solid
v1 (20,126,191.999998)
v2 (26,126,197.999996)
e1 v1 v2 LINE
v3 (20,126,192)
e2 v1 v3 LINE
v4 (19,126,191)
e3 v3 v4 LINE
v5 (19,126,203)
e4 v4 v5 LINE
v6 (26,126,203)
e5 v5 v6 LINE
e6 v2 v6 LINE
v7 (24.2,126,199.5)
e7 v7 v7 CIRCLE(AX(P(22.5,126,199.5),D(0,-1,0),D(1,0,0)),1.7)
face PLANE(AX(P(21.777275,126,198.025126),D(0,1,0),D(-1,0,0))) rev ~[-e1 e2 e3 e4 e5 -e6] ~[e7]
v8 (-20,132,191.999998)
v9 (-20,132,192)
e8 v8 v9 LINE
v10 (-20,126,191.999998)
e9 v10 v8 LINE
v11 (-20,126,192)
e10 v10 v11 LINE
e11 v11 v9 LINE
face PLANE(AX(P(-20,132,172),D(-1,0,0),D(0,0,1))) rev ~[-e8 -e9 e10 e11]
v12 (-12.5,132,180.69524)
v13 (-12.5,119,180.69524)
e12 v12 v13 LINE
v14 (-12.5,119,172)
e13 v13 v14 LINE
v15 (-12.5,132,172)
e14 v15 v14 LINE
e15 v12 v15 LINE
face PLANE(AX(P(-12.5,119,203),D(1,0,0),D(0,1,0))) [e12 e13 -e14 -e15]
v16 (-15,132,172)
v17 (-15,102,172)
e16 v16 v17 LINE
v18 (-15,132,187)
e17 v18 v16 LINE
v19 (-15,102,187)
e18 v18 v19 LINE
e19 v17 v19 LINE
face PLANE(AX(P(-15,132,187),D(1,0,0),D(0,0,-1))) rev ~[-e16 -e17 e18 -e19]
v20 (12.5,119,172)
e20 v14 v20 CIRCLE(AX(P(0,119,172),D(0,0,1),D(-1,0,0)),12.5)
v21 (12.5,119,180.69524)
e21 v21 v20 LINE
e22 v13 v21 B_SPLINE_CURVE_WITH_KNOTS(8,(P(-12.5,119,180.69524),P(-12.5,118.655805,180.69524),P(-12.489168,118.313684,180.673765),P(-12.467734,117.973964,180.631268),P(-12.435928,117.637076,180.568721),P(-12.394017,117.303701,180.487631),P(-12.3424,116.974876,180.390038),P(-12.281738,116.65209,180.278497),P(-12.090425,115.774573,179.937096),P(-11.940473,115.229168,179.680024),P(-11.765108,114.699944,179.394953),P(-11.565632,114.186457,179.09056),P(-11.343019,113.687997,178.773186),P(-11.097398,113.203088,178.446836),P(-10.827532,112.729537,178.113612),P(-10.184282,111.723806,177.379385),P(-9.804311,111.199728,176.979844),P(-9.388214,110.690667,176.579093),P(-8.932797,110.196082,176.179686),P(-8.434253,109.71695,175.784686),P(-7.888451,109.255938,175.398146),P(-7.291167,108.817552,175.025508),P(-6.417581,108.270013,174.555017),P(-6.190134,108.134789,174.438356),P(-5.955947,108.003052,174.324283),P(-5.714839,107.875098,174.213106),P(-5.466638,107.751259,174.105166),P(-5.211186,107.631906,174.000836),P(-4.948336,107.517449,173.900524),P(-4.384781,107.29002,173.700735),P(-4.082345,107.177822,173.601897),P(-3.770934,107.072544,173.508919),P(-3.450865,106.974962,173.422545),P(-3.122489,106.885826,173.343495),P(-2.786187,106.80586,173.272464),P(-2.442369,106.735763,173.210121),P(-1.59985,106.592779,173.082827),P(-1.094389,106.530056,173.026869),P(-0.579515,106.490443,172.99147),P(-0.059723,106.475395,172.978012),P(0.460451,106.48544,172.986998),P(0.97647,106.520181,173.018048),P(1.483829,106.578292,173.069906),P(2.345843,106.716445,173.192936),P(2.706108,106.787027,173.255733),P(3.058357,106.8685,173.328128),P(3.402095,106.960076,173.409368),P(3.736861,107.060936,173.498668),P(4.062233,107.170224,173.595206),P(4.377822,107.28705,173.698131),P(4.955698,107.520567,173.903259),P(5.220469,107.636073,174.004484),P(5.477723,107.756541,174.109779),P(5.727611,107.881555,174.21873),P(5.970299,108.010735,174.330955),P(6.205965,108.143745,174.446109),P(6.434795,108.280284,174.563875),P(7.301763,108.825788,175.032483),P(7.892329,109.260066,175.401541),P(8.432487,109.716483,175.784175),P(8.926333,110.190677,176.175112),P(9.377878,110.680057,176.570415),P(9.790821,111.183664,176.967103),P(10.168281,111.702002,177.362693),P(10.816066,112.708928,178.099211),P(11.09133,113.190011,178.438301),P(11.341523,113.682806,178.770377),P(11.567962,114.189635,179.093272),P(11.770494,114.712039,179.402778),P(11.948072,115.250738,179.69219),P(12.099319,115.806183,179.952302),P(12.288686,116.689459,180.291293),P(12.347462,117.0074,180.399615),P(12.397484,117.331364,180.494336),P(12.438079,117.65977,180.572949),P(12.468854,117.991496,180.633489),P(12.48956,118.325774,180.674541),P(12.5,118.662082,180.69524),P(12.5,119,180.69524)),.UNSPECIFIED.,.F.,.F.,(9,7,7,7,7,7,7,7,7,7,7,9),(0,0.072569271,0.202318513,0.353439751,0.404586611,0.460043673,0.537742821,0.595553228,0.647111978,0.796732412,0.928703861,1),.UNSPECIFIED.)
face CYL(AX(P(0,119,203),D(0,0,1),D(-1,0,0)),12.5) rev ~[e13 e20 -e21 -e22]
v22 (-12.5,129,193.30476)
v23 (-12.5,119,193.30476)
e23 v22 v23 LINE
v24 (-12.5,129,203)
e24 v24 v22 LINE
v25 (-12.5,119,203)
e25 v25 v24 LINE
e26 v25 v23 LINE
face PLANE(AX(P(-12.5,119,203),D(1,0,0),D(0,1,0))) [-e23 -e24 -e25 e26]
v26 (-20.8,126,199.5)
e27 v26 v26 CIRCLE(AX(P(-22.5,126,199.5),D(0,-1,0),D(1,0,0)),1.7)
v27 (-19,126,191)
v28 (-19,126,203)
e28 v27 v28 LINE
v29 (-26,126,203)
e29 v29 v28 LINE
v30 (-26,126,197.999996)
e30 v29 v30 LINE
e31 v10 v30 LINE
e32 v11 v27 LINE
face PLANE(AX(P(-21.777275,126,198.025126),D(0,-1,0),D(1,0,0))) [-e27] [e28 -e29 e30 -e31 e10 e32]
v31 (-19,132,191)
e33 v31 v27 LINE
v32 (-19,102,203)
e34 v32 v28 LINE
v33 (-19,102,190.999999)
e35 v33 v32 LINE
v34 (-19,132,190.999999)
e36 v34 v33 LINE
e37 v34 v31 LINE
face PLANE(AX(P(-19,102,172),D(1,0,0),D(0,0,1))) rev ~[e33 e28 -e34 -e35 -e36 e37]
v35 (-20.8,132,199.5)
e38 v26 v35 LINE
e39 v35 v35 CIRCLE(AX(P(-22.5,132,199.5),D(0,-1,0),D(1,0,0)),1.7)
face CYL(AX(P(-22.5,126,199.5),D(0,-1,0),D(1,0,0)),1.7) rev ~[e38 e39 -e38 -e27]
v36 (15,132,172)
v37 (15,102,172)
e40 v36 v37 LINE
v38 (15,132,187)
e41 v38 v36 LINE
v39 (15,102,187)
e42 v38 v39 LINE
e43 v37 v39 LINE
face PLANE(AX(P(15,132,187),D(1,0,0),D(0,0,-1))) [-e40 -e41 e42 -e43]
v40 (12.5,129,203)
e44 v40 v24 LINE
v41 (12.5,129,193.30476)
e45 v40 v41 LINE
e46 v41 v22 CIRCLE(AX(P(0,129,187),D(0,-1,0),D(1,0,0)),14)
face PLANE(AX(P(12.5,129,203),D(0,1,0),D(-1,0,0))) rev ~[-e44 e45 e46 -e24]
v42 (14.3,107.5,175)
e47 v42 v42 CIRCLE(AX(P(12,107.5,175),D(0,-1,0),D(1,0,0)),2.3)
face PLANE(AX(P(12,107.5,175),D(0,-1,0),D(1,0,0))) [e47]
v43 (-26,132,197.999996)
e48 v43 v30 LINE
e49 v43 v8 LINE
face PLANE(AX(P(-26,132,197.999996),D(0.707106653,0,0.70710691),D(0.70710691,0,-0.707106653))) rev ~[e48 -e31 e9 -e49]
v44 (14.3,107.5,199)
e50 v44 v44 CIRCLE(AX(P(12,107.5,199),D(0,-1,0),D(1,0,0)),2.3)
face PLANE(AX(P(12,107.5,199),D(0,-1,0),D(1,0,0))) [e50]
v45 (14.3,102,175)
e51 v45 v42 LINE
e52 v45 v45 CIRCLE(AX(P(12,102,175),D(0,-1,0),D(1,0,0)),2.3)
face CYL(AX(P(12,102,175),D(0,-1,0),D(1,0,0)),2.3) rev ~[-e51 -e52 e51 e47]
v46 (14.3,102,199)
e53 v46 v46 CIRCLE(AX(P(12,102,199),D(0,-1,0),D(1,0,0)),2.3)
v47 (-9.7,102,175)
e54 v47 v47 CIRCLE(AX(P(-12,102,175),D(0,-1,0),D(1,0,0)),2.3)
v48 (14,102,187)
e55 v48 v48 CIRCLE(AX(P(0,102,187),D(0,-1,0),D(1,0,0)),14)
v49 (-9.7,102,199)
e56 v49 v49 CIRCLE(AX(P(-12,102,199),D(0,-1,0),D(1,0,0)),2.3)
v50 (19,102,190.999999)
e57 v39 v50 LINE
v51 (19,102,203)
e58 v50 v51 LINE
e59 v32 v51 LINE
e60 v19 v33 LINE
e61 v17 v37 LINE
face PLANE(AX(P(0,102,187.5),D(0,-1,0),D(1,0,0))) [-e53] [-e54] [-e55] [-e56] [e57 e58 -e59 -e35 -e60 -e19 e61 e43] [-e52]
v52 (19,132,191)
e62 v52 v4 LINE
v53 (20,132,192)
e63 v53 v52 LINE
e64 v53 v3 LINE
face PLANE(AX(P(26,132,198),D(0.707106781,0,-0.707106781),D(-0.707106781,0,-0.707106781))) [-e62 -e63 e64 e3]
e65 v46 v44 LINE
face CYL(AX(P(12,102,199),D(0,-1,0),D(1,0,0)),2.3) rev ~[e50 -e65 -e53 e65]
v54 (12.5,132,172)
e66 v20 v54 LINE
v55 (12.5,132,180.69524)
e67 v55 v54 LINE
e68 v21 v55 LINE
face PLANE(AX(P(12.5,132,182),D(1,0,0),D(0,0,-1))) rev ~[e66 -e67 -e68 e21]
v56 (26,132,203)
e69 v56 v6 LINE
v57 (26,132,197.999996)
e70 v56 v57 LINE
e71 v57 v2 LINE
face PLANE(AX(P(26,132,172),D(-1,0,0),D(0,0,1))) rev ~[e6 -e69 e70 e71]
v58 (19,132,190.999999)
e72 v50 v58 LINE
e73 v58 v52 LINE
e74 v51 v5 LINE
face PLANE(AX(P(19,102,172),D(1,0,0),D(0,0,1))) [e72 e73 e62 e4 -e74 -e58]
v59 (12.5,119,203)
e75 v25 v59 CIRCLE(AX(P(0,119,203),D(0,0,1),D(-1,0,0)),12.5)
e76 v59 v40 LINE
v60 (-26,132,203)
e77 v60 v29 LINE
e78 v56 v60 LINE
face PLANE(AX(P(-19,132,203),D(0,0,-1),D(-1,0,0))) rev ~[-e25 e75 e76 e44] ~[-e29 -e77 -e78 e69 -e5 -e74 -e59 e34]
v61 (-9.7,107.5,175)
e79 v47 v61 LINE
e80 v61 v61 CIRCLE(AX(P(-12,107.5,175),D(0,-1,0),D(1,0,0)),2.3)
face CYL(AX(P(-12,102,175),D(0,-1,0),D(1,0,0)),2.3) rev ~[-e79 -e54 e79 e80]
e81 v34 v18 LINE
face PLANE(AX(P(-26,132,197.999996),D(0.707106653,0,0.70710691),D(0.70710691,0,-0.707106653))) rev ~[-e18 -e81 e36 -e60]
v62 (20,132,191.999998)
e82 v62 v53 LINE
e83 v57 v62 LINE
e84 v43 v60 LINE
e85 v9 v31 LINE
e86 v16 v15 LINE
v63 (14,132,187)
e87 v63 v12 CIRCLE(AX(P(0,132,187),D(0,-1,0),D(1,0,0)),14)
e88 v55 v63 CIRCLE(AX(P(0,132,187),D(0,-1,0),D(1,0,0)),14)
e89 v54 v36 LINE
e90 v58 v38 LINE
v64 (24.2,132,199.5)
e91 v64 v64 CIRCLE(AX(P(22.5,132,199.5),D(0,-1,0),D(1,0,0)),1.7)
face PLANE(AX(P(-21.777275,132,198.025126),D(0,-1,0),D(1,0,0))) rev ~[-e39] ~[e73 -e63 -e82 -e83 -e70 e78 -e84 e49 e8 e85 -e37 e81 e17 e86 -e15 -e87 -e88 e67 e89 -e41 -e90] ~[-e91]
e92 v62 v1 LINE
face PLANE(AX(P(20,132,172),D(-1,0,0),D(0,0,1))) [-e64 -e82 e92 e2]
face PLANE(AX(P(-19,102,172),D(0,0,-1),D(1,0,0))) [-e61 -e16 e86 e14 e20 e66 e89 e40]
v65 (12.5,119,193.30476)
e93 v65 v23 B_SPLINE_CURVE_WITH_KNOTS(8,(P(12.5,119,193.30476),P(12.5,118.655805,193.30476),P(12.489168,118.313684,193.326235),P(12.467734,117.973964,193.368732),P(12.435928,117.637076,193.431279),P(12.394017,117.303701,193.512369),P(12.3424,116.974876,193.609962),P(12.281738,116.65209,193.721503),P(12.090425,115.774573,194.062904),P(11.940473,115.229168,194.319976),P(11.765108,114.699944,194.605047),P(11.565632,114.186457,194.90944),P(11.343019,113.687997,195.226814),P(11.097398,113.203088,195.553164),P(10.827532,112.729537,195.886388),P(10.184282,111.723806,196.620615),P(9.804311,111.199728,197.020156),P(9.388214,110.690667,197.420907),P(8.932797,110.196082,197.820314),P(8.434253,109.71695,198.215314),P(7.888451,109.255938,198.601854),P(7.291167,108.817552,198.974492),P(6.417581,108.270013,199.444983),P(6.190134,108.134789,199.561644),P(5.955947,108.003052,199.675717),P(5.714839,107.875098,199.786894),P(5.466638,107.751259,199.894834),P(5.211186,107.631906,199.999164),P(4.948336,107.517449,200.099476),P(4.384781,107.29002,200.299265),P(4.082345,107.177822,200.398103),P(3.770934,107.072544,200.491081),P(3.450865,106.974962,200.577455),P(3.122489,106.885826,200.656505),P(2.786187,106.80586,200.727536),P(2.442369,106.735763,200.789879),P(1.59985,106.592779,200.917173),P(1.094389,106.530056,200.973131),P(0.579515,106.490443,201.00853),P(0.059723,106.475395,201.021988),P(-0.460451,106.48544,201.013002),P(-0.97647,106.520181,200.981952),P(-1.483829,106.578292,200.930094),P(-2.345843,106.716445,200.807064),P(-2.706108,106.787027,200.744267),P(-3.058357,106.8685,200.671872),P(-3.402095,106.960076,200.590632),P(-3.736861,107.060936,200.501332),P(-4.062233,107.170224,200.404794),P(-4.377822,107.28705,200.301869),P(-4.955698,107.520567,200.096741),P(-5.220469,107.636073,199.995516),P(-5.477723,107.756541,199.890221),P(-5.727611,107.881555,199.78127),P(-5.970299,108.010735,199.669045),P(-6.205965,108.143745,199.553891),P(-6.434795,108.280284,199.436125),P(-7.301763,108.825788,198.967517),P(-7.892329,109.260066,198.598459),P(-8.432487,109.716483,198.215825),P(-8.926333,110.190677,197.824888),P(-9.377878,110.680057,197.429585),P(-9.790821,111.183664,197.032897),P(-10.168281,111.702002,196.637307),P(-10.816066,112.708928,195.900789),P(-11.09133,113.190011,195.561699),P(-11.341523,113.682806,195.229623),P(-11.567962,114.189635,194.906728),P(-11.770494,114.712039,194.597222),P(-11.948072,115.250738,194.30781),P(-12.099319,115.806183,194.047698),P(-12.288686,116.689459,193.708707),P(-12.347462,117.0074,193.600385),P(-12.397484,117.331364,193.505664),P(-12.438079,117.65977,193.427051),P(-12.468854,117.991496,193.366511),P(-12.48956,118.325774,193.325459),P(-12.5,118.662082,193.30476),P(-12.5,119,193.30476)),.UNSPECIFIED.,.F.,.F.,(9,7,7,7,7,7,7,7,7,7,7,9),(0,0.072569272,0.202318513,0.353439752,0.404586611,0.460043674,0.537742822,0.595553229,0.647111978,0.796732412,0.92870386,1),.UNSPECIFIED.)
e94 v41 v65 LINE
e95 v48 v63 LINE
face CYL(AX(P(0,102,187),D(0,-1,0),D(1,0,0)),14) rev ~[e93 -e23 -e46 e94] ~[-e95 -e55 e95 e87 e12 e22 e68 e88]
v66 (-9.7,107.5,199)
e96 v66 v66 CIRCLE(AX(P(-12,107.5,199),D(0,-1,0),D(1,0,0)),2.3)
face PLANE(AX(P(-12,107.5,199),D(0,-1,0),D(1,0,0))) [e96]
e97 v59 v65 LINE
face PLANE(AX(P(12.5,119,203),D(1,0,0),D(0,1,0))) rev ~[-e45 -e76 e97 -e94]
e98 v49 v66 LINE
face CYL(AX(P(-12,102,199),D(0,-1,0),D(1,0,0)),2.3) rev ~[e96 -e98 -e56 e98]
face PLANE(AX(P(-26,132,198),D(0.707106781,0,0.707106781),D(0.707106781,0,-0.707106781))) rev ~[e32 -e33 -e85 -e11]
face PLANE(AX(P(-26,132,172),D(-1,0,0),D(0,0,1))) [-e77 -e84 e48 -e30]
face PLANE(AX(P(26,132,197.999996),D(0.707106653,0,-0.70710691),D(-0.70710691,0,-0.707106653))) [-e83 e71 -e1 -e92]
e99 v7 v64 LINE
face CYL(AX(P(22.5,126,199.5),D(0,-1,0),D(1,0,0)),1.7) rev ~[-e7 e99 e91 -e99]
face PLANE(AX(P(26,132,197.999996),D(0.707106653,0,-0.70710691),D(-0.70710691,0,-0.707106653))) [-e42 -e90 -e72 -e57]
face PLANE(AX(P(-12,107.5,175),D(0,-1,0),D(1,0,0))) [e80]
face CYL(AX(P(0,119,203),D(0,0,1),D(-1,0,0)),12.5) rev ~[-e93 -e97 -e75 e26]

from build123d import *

# Parameters (mm, degrees)
SKETCH088_W     = 38
SKETCH088_H     = 31
PAD029_DEPTH    = 30
POCKET029_DEPTH = 31.001
SKETCH100_R     = 14
POCKET030_DEPTH = 30.001
SKETCH101_W     = 25
SKETCH101_H     = 10
POCKET031_DEPTH = 3
SKETCH102_R     = 2.3
POCKET032_DEPTH = 5.5
SKETCH103_W     = 6
SKETCH103_H     = 31
PAD035_DEPTH    = 6
POCKET033_DEPTH = 30.001
PAD037_DEPTH    = 6
SKETCH107_R     = 1.7
HOLE020_DEPTH   = 25


with BuildPart() as part:
    # Sketch088 → Pad029 (new body)
    with BuildSketch(Plane.XZ.offset(3)):
        with Locations((0, 187.5)):
            Rectangle(SKETCH088_W, SKETCH088_H)
    extrude(amount=-PAD029_DEPTH)

    # Sketch099 (on Face4 of Pad029) → Pocket029 (cut, through all)
    with BuildSketch(Plane(origin=(0, 0, 203), x_dir=(-1, 0, 0), z_dir=(0, 0, 1))):
        with BuildLine():
            Line((-12.5, -14), (-12.5, -24))
            Line((-12.5, -24), (12.5, -24))
            Line((12.5, -14), (12.5, -24))
            ThreePointArc((12.5, -14), (0, -1.5), (-12.5, -14))
        make_face()
    extrude(amount=-POCKET029_DEPTH, mode=Mode.SUBTRACT)

    # Sketch100 (on Face4 of Pocket029) → Pocket030 (cut, through all)
    with BuildSketch(Plane.XZ.offset(3)):
        with Locations((0, 187)):
            Circle(SKETCH100_R)
    extrude(amount=-POCKET030_DEPTH, mode=Mode.SUBTRACT)

    # Sketch101 (on Face5 of Pocket030) → Pocket031 (cut)
    with BuildSketch(Plane(origin=(0, 27, 0), x_dir=(1, 0, 0), z_dir=(0, 1, 0))):
        with Locations((0, -177)):
            Rectangle(SKETCH101_W, SKETCH101_H)
    extrude(amount=-POCKET031_DEPTH, mode=Mode.SUBTRACT)

    # Sketch102 (on Face4 of Pocket031) → Pocket032 (cut)
    with BuildSketch(Plane.XZ.offset(3)):
        with Locations((-12, 199)):
            Circle(SKETCH102_R)
        with Locations((-12, 175)):
            Circle(SKETCH102_R)
        with Locations((12, 175)):
            Circle(SKETCH102_R)
        with Locations((12, 199)):
            Circle(SKETCH102_R)
    extrude(amount=-POCKET032_DEPTH, mode=Mode.SUBTRACT)

    # Sketch103 → Pad035 (join)
    with BuildSketch(Plane.XZ.offset(-27)):
        with Locations((-23, 187.5)):
            Rectangle(SKETCH103_W, SKETCH103_H)
        with Locations((23, 187.5)):
            Rectangle(SKETCH103_W, SKETCH103_H)
    extrude(amount=PAD035_DEPTH)

    # Sketch104 → Pocket033 (cut, through all)
    with BuildSketch(Plane.XZ.offset(-27)):
        Polygon((-26, 197.999996), (-15, 187), (-15, 172), (-26, 172), align=None)
        Polygon((26, 197.999996), (15, 187), (15, 172), (26, 172), align=None)
    extrude(amount=POCKET033_DEPTH, mode=Mode.SUBTRACT)

    # Sketch106 → Pad037 (join)
    with BuildSketch(Plane.XZ.offset(-27)):
        Polygon((-19, 203), (-26, 203), (-26, 198), (-19, 191), align=None)
        Polygon((19, 203), (26, 203), (26, 198), (19, 191), align=None)
    extrude(amount=PAD037_DEPTH)

    # Sketch107 (on Face4 of Pad037) → Hole020 (cut)
    with BuildSketch(Plane.XZ.offset(-21)):
        with Locations((-22.5, 199.5)):
            Circle(SKETCH107_R)
        with Locations((22.5, 199.5)):
            Circle(SKETCH107_R)
    extrude(amount=-HOLE020_DEPTH, mode=Mode.SUBTRACT)


with BuildPart() as part_1:
    # Body012 placement: moved
    add(part.part.moved(Location((0, 105, 0))))


solid = part_1.part
